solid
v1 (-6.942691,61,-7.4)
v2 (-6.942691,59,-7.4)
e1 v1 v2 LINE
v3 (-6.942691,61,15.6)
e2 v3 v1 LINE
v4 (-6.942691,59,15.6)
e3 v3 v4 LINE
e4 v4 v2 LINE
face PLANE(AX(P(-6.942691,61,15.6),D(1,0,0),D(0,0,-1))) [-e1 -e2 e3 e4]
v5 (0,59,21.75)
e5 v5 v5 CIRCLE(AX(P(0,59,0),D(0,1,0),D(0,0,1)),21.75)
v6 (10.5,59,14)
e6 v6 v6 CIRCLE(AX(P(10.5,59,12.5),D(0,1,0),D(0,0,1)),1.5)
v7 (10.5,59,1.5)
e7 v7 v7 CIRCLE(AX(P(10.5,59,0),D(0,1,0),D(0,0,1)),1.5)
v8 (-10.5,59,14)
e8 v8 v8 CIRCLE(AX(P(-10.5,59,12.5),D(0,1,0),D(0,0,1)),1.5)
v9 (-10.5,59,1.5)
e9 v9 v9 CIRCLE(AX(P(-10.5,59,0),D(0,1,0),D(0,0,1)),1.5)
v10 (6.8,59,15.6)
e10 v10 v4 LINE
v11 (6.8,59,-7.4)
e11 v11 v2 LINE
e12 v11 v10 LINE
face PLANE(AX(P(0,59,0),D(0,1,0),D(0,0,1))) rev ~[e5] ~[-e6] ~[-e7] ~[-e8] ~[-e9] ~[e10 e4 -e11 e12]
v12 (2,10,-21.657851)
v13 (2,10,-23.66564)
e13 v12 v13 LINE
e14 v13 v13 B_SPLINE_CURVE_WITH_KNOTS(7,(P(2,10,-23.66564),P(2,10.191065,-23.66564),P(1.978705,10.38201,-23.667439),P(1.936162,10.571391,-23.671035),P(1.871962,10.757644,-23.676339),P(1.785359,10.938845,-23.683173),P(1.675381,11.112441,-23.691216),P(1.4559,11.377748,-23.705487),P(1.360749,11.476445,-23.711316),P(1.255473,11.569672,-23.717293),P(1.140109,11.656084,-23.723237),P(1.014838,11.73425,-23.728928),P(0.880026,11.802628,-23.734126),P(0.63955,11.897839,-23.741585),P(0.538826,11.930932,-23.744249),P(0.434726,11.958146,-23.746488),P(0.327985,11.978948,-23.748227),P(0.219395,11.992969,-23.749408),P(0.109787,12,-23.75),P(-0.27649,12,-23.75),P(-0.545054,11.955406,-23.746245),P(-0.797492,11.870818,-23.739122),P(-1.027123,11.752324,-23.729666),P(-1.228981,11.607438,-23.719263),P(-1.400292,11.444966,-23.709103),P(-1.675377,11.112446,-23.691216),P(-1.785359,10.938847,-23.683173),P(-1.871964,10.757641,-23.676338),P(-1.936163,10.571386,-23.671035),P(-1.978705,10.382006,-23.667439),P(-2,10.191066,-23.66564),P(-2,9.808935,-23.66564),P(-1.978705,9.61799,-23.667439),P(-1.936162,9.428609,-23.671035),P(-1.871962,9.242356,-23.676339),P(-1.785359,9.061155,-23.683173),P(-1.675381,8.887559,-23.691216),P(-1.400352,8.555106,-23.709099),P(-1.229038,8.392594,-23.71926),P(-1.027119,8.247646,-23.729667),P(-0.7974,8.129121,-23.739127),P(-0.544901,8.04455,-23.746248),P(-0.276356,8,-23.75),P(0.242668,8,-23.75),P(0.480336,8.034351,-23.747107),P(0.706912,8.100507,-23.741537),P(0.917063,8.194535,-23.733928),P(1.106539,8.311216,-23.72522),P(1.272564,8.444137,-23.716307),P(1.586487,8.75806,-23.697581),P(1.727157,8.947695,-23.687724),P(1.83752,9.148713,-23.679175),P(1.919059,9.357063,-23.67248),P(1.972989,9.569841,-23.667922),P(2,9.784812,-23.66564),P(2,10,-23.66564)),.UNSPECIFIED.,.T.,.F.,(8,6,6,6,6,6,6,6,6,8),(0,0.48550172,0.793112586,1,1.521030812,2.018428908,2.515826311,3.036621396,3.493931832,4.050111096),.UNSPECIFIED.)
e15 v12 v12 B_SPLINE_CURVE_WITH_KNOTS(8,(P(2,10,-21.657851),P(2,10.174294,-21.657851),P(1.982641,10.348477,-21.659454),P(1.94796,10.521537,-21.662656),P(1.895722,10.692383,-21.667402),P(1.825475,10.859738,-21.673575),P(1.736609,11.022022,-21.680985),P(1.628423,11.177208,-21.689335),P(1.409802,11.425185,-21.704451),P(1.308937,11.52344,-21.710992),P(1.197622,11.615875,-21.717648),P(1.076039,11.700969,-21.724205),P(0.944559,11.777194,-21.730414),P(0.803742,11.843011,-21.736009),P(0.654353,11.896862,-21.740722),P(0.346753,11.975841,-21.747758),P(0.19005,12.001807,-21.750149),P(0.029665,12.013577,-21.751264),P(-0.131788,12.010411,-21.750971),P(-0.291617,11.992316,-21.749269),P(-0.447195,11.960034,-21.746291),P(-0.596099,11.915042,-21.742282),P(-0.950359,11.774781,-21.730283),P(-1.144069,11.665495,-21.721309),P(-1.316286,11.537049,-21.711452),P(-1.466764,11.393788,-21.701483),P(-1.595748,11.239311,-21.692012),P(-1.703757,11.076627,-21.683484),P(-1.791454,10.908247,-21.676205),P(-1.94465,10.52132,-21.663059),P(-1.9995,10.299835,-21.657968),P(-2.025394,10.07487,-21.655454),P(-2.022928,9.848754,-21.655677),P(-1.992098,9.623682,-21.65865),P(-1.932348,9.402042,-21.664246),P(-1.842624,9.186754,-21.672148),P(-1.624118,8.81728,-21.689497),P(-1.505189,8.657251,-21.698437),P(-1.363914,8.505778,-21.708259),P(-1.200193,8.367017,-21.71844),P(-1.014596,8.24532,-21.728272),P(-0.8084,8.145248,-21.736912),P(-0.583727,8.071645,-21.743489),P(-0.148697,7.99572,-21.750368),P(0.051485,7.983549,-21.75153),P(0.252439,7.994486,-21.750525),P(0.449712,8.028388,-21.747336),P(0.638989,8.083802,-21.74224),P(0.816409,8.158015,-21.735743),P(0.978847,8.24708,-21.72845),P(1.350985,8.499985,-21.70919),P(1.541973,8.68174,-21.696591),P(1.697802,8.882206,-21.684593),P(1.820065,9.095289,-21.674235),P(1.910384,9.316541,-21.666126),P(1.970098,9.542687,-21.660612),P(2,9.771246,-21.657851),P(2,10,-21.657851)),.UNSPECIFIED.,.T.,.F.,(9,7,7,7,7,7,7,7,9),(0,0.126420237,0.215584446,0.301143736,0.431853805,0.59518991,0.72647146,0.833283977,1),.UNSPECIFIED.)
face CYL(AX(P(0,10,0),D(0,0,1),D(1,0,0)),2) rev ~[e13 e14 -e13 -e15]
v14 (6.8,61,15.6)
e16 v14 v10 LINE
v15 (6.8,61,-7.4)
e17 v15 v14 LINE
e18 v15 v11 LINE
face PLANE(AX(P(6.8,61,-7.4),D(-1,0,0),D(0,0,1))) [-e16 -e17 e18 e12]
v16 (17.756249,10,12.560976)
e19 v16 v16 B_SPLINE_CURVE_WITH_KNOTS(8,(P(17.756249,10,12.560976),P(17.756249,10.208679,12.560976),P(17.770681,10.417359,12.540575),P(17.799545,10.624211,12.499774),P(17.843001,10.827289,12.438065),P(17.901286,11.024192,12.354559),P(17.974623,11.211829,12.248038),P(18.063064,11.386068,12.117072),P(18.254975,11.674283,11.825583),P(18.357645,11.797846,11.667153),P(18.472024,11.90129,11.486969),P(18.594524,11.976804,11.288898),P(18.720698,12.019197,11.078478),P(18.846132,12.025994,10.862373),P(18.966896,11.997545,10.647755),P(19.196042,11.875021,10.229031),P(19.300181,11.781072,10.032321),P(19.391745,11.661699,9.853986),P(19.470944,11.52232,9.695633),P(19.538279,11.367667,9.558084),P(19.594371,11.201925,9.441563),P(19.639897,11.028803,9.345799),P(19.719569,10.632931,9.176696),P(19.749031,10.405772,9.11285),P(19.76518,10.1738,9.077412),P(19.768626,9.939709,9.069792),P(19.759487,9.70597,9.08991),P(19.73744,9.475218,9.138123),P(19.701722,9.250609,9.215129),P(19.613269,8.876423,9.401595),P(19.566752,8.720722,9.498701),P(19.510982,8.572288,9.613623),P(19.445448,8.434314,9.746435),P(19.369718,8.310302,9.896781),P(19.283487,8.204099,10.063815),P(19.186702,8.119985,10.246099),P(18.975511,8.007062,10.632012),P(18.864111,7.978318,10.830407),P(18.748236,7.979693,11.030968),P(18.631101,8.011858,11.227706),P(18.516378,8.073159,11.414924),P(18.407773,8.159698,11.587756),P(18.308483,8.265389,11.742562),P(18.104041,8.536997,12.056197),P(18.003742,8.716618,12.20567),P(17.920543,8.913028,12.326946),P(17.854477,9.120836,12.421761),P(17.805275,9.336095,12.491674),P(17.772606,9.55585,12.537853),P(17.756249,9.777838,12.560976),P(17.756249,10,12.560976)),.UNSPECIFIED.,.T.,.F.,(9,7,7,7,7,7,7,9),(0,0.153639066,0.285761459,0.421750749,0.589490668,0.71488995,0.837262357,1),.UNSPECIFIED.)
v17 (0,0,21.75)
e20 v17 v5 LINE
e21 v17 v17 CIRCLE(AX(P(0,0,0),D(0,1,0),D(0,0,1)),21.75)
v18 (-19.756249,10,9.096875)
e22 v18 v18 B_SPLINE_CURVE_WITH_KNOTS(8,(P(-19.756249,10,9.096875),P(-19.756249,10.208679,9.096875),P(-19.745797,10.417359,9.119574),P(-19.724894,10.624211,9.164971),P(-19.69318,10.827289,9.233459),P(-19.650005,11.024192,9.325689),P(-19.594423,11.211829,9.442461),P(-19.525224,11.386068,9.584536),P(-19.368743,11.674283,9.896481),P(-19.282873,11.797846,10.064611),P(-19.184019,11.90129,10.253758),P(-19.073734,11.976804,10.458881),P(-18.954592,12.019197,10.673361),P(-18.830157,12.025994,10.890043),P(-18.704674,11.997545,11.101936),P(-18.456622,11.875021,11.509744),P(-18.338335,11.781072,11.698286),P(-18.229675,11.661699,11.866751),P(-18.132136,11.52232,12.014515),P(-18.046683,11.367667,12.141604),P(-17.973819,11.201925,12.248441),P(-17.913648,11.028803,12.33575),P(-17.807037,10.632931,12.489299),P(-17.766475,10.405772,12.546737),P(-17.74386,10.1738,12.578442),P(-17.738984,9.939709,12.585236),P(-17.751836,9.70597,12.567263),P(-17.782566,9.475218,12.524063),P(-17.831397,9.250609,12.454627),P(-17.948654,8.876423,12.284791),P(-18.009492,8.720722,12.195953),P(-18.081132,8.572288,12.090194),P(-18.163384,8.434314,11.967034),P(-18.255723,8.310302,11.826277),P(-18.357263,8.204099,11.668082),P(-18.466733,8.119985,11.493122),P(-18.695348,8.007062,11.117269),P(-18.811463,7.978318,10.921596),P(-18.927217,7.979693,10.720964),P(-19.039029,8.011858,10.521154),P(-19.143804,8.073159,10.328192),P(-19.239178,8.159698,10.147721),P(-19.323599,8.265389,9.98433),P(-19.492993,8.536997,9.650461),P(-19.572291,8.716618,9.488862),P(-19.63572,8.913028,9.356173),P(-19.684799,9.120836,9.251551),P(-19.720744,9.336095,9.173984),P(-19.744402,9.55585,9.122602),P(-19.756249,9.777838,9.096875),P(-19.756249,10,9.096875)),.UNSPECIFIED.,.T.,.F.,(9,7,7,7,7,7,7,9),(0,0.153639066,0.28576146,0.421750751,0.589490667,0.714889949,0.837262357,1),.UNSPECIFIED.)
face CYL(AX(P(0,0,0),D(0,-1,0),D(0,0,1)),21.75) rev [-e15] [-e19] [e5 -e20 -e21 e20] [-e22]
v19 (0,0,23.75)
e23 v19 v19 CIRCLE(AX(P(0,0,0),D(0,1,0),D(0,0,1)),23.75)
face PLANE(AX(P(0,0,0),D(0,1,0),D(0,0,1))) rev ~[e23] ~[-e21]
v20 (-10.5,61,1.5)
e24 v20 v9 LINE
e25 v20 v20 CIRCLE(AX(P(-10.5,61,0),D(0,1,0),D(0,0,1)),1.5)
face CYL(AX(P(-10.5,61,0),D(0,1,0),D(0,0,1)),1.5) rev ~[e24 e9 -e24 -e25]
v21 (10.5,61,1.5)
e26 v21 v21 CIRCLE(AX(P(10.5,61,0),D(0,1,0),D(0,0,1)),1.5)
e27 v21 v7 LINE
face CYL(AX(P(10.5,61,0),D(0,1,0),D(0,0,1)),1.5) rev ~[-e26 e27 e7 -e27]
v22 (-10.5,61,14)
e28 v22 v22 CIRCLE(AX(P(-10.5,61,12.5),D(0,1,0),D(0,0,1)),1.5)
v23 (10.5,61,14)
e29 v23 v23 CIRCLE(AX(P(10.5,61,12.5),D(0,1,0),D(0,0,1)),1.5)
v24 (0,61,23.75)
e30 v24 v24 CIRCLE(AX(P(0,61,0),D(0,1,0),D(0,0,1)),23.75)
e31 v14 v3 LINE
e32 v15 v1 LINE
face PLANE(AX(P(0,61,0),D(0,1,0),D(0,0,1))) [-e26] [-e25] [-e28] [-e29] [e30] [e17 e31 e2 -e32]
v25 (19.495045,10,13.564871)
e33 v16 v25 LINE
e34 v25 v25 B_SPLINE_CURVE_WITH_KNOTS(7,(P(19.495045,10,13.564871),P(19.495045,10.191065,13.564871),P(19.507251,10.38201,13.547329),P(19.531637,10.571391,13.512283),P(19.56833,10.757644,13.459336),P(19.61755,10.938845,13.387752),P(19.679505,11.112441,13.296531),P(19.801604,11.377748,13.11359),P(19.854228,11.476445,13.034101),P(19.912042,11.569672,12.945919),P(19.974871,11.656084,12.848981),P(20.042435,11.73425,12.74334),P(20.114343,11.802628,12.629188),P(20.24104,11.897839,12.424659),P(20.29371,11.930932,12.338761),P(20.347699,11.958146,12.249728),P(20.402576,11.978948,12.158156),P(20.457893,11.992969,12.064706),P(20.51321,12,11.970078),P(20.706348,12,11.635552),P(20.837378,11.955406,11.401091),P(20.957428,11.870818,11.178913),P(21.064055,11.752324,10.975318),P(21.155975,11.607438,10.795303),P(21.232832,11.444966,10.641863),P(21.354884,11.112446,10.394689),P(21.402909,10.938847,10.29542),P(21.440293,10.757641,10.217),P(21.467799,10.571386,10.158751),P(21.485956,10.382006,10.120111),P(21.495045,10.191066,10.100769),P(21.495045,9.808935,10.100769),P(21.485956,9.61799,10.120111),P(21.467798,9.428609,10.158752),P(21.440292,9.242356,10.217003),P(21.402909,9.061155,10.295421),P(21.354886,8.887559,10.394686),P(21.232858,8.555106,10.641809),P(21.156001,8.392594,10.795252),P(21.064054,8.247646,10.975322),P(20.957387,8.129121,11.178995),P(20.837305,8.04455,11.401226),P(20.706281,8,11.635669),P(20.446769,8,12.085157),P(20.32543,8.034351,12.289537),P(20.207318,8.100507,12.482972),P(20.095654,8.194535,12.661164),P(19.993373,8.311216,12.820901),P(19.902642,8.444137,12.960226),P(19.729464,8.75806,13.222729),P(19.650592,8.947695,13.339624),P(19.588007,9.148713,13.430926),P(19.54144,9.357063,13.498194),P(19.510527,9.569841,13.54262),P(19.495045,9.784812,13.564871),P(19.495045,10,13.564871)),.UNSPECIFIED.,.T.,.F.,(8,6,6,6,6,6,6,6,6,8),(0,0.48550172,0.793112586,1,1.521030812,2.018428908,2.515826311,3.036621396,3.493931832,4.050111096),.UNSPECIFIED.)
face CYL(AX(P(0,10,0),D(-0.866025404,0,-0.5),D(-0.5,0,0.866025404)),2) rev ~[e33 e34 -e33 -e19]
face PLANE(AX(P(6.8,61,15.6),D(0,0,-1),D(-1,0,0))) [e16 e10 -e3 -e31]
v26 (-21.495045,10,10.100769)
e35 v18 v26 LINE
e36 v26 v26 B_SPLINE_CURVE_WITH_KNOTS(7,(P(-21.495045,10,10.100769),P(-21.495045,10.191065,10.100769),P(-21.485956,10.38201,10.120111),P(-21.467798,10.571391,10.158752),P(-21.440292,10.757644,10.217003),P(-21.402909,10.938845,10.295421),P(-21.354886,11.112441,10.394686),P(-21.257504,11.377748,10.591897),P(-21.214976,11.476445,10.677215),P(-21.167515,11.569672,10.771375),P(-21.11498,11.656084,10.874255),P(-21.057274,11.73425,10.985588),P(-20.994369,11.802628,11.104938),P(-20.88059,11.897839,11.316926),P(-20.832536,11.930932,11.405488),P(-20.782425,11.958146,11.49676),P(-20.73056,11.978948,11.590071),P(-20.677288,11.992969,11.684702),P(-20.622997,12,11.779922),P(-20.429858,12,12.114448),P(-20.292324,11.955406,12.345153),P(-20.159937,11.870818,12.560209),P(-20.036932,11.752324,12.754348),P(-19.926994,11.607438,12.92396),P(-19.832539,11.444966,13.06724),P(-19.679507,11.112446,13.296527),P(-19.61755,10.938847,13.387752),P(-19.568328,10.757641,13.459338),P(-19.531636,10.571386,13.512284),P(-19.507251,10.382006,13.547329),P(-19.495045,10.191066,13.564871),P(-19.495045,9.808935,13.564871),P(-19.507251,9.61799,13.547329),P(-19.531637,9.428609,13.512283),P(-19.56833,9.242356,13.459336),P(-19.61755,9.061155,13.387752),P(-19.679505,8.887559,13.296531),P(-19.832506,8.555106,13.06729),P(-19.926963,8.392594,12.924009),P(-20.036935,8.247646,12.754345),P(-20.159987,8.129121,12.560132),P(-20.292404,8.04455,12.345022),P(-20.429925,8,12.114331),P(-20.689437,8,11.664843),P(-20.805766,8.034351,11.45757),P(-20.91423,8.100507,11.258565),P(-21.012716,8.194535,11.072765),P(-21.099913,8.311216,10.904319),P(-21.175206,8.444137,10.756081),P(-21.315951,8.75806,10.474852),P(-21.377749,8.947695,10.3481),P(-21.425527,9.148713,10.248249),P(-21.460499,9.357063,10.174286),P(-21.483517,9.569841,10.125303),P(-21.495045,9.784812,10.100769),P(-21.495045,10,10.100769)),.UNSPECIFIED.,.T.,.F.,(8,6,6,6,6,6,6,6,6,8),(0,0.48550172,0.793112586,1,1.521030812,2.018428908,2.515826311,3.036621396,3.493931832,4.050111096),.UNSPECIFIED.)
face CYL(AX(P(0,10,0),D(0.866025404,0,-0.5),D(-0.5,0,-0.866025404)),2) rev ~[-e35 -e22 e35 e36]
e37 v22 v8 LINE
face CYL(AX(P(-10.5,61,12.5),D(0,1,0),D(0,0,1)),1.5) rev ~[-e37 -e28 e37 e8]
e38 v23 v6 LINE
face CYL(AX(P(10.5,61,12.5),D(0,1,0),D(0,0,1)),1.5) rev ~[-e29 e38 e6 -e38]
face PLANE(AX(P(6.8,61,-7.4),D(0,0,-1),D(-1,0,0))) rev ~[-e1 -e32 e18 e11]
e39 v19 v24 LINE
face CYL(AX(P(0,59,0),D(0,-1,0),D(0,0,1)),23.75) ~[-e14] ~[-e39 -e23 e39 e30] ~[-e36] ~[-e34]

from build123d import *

# Parameters (mm, degrees)
SKETCH1_R               = 23.75
SKETCH1_R_2             = 21.75
BOSS_EXTRUDE1_DEPTH     = 59
SKETCH2_R               = 23.75
BOSS_EXTRUDE2_DEPTH     = 2
SKETCH3_R               = 1.5
CUT_EXTRUDE1_DEPTH      = 2
CUT_EXTRUDE2_REACH      = 71.636
CUT_EXTRUDE2_END_RADIUS = 23.75
SKETCH4_R               = 2
CIRPATTERN1_COUNT       = 3


with BuildPart() as part:
    # Sketch1 → Boss-Extrude1 (new body)
    with BuildSketch(Plane(origin=(0, 0, 0), x_dir=(1, 0, 0), z_dir=(0, 1, 0))):
        with Locations(Location((0, 0, 0), (0, 0, 270))):
            Circle(SKETCH1_R)
        with Locations(Location((0, 0, 0), (0, 0, 270))):
            Circle(SKETCH1_R_2, mode=Mode.SUBTRACT)
    extrude(amount=BOSS_EXTRUDE1_DEPTH)

    # Sketch2 → Boss-Extrude2 (add)
    with BuildSketch(Plane(origin=(0, 59, 0), x_dir=(1, 0, 0), z_dir=(0, 1, 0))):
        with Locations(Location((0, 0, 0), (0, 0, 270))):
            Circle(SKETCH2_R)
    extrude(amount=BOSS_EXTRUDE2_DEPTH)

    # Sketch3 → Cut-Extrude1 (cut)
    with BuildSketch(Plane(origin=(0, 61, 0), x_dir=(1, 0, 0), z_dir=(0, 1, 0))):
        with Locations(Location((-10.5, 0, 0), (0, 0, 270))):
            Circle(SKETCH3_R)
        with Locations(Location((10.5, 0, 0), (0, 0, 270))):
            Circle(SKETCH3_R)
        with Locations(Location((-10.5, -12.5, 0), (0, 0, 270))):
            Circle(SKETCH3_R)
        with Locations(Location((10.5, -12.5, 0), (0, 0, 270))):
            Circle(SKETCH3_R)
        Polygon((0, 7.4), (6.8, 7.4), (6.8, -15.6), (-6.94269124, -15.6), (-6.94269124, 7.4), align=None)
    extrude(amount=-CUT_EXTRUDE1_DEPTH, mode=Mode.SUBTRACT)

    # Cut-Extrude2: up to this cylinder (the profile starts inside it)
    cut_extrude2_end = Plane(origin=(0, 10, 0), z_dir=(0, -1, 0)) * Cylinder(CUT_EXTRUDE2_END_RADIUS, 191.772, mode=Mode.PRIVATE)
    # Sketch4 → Cut-Extrude2 (cut, up to the surface)
    with BuildSketch(Plane.XY, mode=Mode.PRIVATE) as cut_extrude2_sk1:
        with Locations((0, 10)):
            Circle(SKETCH4_R)
    cut_extrude2_tool1 = extrude(cut_extrude2_sk1.sketch, amount=-CUT_EXTRUDE2_REACH, mode=Mode.PRIVATE) & cut_extrude2_end
    cut_extrude2 = cut_extrude2_tool1.solids().sort_by_distance((0, 10, 0))[0]
    add(cut_extrude2, mode=Mode.SUBTRACT)

    # CirPattern1: Cut-Extrude2 ×3 about axis
    cirpattern1_axis = Axis((0, 59, 0), (0, -1, 0))
    for i in range(1, CIRPATTERN1_COUNT):
        add(cut_extrude2.rotate(cirpattern1_axis, i * 360 / CIRPATTERN1_COUNT), mode=Mode.SUBTRACT)


solid = part.part
